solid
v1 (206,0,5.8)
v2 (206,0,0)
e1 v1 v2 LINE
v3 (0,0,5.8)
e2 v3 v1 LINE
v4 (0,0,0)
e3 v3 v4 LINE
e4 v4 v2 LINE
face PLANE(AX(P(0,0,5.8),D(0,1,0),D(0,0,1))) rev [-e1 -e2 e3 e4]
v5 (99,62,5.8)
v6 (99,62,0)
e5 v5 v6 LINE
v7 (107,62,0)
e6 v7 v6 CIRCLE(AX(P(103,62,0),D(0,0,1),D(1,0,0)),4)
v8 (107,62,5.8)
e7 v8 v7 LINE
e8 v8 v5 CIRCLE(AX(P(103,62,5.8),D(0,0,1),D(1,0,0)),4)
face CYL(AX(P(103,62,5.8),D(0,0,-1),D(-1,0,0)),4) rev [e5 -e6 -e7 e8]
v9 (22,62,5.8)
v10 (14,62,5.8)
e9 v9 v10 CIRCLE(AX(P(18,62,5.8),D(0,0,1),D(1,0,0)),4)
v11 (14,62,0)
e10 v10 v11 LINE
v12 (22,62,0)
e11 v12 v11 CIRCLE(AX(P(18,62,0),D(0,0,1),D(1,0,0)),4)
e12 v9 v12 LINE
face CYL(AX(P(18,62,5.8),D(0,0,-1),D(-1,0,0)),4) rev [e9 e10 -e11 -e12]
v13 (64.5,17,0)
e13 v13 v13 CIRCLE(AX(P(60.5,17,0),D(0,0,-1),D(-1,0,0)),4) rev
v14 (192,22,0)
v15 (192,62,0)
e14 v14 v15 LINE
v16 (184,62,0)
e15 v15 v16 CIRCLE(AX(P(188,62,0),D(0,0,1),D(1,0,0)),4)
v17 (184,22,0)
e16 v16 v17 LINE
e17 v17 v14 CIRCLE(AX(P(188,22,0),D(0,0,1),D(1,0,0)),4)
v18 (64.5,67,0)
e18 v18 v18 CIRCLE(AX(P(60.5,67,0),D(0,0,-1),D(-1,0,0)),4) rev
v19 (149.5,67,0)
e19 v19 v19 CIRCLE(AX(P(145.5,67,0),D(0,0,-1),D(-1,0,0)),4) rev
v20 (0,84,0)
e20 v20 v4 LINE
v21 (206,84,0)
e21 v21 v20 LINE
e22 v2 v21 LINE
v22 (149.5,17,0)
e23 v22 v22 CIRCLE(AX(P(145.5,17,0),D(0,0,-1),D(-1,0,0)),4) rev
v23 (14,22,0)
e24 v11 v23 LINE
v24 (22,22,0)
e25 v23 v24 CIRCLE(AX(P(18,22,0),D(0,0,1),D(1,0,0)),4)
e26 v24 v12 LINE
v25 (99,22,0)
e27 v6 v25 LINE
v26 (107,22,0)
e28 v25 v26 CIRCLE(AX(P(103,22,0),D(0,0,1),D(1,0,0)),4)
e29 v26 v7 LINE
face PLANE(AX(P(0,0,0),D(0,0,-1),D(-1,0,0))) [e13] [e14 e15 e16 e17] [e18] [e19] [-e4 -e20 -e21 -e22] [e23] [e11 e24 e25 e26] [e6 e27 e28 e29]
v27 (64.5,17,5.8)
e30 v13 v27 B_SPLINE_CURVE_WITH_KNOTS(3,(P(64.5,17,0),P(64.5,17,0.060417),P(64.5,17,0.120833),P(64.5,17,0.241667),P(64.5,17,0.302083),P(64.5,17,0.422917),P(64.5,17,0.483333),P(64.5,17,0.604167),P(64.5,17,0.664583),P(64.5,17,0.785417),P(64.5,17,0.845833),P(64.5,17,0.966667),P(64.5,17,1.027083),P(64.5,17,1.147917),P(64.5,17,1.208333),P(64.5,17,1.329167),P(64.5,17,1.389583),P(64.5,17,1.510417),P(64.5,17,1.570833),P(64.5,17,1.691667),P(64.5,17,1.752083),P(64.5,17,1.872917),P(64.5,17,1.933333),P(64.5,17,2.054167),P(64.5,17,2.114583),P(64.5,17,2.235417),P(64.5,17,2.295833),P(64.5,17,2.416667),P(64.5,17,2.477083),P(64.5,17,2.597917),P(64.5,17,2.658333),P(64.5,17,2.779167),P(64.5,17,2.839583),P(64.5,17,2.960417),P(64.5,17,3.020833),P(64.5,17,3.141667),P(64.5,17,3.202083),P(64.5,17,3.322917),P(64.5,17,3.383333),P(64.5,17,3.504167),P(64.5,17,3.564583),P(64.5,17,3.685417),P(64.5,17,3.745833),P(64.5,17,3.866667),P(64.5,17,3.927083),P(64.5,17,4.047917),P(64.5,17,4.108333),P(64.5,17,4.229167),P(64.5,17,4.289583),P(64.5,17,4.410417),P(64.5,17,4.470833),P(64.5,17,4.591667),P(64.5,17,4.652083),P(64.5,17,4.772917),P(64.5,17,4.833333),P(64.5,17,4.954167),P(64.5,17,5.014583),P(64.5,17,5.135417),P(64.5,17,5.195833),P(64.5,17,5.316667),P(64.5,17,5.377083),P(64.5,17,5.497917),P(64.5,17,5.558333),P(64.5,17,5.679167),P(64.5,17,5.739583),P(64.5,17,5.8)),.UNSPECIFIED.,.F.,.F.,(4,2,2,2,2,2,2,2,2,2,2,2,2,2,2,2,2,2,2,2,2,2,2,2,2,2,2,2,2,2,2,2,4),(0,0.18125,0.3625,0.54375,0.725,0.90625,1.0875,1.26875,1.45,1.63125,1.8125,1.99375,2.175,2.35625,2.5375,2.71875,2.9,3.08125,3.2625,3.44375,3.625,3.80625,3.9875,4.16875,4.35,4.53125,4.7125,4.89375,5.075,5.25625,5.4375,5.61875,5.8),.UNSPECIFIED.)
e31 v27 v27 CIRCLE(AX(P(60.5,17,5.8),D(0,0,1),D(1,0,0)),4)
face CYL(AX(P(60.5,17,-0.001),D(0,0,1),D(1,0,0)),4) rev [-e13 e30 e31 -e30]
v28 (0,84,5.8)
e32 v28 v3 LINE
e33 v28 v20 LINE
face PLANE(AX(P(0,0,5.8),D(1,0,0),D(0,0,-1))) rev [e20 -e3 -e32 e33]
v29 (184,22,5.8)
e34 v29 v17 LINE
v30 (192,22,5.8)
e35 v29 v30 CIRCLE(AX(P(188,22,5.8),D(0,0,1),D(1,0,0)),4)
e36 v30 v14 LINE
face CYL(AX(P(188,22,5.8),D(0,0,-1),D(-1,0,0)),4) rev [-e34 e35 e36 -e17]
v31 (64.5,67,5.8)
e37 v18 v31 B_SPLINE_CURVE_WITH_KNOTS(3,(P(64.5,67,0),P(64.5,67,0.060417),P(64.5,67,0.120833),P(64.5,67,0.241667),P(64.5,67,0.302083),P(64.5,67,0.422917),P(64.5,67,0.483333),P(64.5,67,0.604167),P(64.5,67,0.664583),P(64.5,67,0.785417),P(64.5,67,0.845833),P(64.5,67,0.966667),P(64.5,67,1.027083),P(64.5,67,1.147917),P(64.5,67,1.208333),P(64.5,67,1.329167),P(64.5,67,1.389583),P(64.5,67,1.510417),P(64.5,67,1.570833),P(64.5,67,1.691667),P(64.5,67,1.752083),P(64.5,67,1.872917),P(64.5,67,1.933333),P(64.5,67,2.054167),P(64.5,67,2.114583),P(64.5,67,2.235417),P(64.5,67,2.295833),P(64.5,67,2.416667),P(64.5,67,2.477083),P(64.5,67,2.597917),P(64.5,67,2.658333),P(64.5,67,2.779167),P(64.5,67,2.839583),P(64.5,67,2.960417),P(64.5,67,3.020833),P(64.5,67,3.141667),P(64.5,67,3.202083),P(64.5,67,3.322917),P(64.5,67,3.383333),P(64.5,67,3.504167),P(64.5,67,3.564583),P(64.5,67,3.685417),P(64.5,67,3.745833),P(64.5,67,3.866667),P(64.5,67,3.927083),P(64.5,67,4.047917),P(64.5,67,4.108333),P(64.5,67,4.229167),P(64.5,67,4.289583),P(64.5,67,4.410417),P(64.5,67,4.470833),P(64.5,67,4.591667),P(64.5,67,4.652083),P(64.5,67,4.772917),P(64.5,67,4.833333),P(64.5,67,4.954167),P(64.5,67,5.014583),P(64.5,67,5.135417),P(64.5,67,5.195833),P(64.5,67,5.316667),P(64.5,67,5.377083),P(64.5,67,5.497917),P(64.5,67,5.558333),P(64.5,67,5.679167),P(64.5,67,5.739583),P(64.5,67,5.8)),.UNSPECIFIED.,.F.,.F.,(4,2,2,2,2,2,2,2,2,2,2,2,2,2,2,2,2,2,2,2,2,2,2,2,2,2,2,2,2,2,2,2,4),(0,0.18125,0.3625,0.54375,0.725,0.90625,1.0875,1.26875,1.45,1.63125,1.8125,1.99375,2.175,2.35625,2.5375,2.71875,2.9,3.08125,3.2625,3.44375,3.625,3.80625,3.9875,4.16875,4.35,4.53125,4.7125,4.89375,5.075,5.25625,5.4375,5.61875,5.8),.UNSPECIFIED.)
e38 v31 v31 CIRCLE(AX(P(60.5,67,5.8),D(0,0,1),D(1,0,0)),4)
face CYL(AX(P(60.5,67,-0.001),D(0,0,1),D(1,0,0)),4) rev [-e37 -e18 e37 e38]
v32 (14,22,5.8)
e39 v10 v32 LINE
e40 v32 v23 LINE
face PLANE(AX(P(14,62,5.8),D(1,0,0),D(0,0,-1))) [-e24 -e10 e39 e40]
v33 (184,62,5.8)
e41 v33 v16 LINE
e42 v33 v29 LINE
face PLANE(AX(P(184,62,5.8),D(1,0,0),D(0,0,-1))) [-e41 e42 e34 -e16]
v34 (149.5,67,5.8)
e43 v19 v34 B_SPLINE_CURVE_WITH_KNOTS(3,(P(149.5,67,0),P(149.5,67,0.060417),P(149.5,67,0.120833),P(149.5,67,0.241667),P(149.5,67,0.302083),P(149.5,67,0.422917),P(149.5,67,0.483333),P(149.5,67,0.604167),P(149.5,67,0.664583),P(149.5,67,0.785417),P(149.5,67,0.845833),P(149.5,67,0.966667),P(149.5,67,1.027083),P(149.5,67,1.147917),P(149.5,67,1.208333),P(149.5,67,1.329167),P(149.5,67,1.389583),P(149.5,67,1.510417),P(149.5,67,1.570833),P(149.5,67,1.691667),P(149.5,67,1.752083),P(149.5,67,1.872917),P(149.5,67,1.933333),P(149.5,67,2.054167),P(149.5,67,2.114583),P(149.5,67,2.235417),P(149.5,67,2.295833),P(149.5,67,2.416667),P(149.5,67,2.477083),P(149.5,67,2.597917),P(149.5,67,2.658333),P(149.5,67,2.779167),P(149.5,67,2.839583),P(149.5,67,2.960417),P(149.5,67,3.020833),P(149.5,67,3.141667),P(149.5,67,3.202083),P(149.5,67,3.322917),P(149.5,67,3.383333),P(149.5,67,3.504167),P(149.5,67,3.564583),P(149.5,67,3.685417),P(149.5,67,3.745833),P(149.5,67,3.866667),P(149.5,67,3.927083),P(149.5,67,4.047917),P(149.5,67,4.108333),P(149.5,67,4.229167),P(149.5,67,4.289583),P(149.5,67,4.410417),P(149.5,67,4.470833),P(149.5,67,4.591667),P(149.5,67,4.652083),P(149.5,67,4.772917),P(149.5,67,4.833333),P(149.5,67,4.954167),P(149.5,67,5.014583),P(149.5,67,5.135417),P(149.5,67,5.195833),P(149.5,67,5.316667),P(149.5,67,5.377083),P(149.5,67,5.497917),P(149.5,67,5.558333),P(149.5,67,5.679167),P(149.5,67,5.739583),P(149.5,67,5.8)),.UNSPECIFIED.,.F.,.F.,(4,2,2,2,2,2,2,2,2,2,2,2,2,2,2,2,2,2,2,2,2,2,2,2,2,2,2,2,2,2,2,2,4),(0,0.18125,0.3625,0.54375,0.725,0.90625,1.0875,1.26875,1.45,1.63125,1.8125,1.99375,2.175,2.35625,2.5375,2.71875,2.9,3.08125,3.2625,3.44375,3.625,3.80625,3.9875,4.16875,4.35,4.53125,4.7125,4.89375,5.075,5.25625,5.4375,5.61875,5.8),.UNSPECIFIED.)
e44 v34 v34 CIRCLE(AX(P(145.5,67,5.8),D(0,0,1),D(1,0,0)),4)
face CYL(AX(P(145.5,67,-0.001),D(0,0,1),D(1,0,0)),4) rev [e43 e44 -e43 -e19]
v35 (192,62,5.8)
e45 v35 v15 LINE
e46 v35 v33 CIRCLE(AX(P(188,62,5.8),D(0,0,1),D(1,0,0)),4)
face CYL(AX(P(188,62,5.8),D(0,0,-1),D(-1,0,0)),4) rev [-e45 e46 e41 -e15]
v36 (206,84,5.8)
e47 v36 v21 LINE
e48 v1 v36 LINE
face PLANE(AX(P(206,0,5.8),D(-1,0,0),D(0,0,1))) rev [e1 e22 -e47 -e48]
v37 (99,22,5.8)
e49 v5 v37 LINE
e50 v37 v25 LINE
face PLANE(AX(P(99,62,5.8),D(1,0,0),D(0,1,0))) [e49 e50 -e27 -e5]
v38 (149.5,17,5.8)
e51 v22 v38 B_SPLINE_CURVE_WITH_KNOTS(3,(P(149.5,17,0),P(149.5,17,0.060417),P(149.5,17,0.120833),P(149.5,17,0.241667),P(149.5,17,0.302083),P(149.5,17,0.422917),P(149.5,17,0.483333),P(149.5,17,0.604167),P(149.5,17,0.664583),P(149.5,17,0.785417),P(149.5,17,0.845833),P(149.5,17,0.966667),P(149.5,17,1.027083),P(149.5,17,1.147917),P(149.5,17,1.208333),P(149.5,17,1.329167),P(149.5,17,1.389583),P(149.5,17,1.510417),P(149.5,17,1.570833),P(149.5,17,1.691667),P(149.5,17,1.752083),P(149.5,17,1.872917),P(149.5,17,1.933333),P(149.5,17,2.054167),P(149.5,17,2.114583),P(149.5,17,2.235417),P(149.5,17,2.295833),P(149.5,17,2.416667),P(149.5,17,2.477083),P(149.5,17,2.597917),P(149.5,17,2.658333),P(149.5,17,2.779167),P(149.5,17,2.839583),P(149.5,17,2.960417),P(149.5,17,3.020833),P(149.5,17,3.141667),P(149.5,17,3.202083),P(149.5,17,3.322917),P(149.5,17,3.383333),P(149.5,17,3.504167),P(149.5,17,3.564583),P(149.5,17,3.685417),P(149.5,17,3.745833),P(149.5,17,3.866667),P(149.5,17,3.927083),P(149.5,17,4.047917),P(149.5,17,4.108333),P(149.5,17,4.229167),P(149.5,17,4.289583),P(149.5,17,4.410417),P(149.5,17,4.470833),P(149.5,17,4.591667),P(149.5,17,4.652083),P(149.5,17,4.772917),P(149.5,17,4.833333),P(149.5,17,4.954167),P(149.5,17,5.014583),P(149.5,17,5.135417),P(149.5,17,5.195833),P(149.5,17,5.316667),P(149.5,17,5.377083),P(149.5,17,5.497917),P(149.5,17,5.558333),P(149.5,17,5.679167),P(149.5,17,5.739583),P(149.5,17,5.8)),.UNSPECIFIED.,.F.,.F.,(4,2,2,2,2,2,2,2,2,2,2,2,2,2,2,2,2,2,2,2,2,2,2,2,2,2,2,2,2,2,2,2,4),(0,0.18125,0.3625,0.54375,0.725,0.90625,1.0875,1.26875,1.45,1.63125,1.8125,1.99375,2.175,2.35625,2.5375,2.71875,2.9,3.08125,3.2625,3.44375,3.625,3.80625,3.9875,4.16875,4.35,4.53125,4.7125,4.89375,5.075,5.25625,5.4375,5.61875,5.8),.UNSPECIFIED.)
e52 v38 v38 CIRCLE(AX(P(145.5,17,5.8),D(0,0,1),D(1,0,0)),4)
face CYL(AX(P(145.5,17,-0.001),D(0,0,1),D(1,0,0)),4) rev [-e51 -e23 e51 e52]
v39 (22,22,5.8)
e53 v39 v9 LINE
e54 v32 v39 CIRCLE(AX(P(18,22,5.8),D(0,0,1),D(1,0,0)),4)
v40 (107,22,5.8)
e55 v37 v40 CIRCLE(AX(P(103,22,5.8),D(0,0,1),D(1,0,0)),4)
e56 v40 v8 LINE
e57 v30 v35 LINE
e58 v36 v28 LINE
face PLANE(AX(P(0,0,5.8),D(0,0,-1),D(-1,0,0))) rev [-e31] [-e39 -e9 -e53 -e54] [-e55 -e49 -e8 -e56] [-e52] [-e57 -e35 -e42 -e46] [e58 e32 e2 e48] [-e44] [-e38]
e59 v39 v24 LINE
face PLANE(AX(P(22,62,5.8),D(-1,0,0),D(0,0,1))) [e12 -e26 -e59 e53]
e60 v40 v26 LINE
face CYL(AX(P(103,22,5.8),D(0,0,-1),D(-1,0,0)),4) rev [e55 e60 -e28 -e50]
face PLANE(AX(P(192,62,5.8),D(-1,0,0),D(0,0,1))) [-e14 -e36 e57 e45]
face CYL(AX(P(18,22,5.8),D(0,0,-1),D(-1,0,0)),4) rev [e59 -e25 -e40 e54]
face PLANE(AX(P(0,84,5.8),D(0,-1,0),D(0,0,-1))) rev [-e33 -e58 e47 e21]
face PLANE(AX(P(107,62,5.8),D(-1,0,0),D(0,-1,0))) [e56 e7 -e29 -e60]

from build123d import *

# Parameters (mm, degrees)
SKETCH_1_W          = 206
SKETCH_1_H          = 84
EXTRUDE_1_DEPTH     = 5.8
CUT_EXTRUDE_1_REACH = 224.544
SKETCH_2_R          = 4


with BuildPart() as part:
    # Эскиз1 → Бобышка-Вытянуть1 (new body)
    with BuildSketch(Plane.XY):
        with Locations((103, 42)):
            Rectangle(SKETCH_1_W, SKETCH_1_H)
        with BuildLine():
            Line((22, 62), (22, 22))
            ThreePointArc((22, 22), (18, 18), (14, 22))
            Line((14, 22), (14, 62))
            ThreePointArc((14, 62), (18, 66), (22, 62))
        make_face(mode=Mode.SUBTRACT)
        with BuildLine():
            Line((107, 62), (107, 22))
            ThreePointArc((107, 22), (103, 18), (99, 22))
            Line((99, 22), (99, 62))
            ThreePointArc((99, 62), (103, 66), (107, 62))
        make_face(mode=Mode.SUBTRACT)
        with BuildLine():
            Line((192, 62), (192, 22))
            ThreePointArc((192, 22), (188, 18), (184, 22))
            Line((184, 22), (184, 62))
            ThreePointArc((184, 62), (188, 66), (192, 62))
        make_face(mode=Mode.SUBTRACT)
    extrude(amount=EXTRUDE_1_DEPTH)

    # Эскиз2 → Вырез-Вытянуть1 (cut, up to next)
    with BuildSketch(Plane.XY.offset(5.8), mode=Mode.PRIVATE) as cut_extrude_1_sk1:
        with Locations((60.5, 67)):
            Circle(SKETCH_2_R)
    cut_extrude_1_tool1 = extrude(cut_extrude_1_sk1.sketch, amount=-CUT_EXTRUDE_1_REACH, mode=Mode.PRIVATE) & part.part
    # Эскиз2 → Вырез-Вытянуть1 (cut, up to next)
    with BuildSketch(Plane.XY.offset(5.8), mode=Mode.PRIVATE) as cut_extrude_1_sk2:
        with Locations((60.5, 17)):
            Circle(SKETCH_2_R)
    cut_extrude_1_tool2 = extrude(cut_extrude_1_sk2.sketch, amount=-CUT_EXTRUDE_1_REACH, mode=Mode.PRIVATE) & part.part
    # Эскиз2 → Вырез-Вытянуть1 (cut, up to next)
    with BuildSketch(Plane.XY.offset(5.8), mode=Mode.PRIVATE) as cut_extrude_1_sk3:
        with Locations((145.5, 17)):
            Circle(SKETCH_2_R)
    cut_extrude_1_tool3 = extrude(cut_extrude_1_sk3.sketch, amount=-CUT_EXTRUDE_1_REACH, mode=Mode.PRIVATE) & part.part
    # Эскиз2 → Вырез-Вытянуть1 (cut, up to next)
    with BuildSketch(Plane.XY.offset(5.8), mode=Mode.PRIVATE) as cut_extrude_1_sk4:
        with Locations((145.5, 67)):
            Circle(SKETCH_2_R)
    cut_extrude_1_tool4 = extrude(cut_extrude_1_sk4.sketch, amount=-CUT_EXTRUDE_1_REACH, mode=Mode.PRIVATE) & part.part
    add(cut_extrude_1_tool1.solids().sort_by_distance((60.5, 67, 5.8))[0], mode=Mode.SUBTRACT)
    add(cut_extrude_1_tool2.solids().sort_by_distance((60.5, 17, 5.8))[0], mode=Mode.SUBTRACT)
    add(cut_extrude_1_tool3.solids().sort_by_distance((145.5, 17, 5.8))[0], mode=Mode.SUBTRACT)
    add(cut_extrude_1_tool4.solids().sort_by_distance((145.5, 67, 5.8))[0], mode=Mode.SUBTRACT)


solid = part.part
